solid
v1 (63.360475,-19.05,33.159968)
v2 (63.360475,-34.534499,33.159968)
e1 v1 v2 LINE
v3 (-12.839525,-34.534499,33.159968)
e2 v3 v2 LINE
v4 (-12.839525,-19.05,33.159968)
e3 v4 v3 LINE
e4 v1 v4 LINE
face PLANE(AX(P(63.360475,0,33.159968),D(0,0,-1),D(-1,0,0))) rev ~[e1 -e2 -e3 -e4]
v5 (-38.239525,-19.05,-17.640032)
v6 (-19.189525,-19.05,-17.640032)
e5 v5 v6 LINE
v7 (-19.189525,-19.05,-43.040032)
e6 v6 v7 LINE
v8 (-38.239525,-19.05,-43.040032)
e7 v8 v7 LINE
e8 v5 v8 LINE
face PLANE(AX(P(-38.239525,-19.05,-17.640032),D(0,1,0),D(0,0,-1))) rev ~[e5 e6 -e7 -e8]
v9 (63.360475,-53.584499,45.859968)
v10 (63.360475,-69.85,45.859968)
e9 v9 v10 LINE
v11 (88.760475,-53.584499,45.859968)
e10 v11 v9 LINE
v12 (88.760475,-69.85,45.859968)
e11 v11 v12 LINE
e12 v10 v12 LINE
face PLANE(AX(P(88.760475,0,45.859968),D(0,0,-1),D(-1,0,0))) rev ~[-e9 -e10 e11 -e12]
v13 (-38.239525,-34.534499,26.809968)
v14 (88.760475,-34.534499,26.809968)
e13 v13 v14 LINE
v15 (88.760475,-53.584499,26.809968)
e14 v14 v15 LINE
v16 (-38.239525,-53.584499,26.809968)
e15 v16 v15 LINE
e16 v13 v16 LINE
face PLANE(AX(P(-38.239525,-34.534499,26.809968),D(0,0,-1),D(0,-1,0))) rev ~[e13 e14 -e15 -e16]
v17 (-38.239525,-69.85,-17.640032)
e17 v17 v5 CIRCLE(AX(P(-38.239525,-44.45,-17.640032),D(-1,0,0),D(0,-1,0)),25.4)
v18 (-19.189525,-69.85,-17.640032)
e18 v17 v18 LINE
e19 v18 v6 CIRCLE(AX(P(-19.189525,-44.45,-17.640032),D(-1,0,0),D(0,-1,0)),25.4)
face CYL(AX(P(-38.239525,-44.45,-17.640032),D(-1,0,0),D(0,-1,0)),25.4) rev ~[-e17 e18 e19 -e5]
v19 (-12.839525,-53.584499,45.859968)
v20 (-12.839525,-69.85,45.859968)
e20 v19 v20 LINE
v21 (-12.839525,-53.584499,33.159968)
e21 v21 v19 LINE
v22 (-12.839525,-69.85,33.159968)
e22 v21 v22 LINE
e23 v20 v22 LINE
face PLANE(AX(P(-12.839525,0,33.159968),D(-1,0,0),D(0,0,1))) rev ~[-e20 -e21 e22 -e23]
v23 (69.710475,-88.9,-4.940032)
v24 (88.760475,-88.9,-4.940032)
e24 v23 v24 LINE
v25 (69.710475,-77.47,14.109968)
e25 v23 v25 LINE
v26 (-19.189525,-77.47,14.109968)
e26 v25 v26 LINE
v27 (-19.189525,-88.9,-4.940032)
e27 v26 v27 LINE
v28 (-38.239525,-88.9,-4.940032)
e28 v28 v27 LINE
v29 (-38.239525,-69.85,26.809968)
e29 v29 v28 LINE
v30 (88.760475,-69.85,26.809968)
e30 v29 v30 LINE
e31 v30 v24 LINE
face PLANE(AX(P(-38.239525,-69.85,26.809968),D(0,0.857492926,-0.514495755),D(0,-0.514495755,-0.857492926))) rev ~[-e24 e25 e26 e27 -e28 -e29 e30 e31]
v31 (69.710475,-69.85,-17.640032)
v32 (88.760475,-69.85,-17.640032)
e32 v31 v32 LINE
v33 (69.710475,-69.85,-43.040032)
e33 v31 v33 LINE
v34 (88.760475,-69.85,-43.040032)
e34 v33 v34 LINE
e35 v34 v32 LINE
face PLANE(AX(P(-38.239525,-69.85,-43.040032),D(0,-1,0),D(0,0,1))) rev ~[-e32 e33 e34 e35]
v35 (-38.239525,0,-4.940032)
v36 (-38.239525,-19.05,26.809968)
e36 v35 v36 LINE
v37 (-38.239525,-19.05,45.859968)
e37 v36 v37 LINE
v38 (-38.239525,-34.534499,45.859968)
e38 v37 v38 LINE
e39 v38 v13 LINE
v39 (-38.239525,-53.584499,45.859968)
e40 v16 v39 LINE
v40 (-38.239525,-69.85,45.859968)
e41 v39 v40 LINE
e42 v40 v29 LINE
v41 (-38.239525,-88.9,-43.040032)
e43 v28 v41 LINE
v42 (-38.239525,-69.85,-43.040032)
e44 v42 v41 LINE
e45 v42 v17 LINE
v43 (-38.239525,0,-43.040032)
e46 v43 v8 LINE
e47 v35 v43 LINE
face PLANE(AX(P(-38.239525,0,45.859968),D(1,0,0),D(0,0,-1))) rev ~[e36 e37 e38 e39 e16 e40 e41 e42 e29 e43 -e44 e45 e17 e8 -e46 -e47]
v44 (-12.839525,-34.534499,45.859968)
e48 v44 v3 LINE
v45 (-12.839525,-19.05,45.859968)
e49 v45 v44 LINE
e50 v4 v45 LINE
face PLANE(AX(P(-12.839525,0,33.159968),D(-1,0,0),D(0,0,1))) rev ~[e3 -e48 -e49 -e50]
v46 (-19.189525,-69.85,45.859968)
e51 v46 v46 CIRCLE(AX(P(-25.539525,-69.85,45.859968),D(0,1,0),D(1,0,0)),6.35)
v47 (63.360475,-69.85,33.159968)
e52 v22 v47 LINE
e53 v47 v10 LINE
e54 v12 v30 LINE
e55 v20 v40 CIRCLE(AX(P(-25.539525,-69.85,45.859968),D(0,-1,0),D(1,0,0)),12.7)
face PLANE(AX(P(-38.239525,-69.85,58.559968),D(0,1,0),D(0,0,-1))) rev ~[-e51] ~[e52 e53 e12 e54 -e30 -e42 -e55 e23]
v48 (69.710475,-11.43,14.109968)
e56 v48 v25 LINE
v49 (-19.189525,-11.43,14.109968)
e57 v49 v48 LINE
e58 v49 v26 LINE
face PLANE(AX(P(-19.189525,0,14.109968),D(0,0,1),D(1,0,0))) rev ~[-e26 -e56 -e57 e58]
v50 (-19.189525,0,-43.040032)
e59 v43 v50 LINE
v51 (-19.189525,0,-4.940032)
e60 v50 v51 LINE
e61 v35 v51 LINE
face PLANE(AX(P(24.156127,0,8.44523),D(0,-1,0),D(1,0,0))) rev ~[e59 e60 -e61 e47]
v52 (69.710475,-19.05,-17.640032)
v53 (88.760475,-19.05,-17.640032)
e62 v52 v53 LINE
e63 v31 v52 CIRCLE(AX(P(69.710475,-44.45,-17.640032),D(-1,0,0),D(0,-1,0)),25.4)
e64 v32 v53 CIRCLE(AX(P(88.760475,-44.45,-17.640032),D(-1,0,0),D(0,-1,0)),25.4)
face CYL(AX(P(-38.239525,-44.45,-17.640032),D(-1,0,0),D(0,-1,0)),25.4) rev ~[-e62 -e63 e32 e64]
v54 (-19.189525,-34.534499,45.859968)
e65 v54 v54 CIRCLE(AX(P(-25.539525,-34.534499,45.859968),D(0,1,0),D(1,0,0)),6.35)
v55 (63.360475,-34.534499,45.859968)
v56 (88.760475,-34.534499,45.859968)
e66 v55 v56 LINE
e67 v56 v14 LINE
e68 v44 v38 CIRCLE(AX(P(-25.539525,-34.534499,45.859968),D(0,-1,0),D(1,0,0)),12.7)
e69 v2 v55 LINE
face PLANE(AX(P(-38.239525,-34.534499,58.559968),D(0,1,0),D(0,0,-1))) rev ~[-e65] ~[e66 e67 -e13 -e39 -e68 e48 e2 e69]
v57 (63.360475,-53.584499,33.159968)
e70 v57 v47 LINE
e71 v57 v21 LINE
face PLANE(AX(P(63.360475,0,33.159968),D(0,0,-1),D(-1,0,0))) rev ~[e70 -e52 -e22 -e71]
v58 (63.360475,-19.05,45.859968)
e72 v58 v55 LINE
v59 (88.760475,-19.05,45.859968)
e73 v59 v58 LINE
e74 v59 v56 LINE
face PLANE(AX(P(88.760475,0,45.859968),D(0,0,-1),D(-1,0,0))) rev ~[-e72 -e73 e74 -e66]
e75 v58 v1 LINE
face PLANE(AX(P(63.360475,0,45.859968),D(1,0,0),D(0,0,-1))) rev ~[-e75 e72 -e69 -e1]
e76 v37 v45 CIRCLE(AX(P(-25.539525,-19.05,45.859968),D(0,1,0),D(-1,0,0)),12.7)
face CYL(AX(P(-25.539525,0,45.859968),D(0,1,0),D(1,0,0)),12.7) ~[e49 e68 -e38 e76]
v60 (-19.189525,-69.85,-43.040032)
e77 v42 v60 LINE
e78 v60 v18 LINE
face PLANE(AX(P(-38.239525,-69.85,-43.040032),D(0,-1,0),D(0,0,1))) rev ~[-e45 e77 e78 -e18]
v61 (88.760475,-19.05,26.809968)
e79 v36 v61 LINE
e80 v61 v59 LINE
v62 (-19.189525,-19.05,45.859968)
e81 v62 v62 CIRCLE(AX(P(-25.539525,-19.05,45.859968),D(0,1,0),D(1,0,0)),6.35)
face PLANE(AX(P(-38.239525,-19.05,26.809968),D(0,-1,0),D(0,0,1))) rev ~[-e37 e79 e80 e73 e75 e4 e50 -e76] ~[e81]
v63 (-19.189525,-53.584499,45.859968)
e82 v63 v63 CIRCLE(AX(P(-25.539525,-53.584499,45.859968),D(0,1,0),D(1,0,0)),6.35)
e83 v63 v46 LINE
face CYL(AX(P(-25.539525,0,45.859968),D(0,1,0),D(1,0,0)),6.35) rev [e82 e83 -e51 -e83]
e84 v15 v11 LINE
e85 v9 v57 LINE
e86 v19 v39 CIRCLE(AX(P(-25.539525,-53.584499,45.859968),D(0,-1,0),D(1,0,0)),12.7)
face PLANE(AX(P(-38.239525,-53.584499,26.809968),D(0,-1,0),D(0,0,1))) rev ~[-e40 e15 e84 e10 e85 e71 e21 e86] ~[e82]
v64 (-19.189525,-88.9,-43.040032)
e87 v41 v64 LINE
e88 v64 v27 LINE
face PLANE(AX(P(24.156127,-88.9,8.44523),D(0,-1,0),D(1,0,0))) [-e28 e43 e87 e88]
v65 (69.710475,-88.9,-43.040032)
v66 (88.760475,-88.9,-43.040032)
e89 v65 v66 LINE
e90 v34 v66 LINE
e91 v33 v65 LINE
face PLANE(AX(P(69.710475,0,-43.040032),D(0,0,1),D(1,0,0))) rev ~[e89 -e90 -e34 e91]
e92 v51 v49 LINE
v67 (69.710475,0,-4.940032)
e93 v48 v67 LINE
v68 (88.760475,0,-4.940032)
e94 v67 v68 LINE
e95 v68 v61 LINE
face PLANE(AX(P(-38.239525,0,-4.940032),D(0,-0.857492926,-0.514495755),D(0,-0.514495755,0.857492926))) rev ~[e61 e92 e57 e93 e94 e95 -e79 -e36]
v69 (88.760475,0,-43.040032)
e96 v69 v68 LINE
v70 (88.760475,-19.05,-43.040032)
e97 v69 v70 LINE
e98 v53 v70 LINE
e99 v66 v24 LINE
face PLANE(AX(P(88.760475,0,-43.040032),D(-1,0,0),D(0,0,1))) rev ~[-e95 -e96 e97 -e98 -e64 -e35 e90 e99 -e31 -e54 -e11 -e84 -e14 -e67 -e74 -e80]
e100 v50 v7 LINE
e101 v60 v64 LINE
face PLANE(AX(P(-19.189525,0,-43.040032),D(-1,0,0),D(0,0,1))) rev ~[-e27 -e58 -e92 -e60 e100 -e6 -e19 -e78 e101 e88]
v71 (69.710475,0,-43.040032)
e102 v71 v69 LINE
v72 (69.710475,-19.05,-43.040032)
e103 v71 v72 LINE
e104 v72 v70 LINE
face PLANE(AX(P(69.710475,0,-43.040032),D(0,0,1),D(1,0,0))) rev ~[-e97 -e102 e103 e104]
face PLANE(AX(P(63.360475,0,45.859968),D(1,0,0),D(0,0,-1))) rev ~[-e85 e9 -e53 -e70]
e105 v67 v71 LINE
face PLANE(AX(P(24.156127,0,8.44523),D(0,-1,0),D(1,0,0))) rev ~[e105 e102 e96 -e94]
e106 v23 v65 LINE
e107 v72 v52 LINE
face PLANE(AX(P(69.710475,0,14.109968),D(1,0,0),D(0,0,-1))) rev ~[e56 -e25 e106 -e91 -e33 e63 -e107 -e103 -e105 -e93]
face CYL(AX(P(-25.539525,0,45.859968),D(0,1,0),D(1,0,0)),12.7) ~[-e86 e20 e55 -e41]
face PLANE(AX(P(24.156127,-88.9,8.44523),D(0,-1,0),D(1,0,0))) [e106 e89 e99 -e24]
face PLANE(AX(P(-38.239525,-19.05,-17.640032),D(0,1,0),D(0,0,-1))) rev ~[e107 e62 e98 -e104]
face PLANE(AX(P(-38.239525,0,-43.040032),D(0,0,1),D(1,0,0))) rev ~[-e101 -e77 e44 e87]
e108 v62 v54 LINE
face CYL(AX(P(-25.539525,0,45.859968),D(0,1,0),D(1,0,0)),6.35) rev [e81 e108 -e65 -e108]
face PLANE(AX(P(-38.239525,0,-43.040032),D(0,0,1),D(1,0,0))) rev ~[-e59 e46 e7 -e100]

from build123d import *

# Parameters (mm, degrees)
F0_R     = 6.35
F1_DEPTH = 88.9
F3_DEPTH = 127.001


with BuildPart() as f1:
    # F0 (on Front) → F1 (new body)
    with BuildSketch(Plane.XZ):
        with BuildLine():
            Line((-38.239525, 14.109968), (-38.239525, -43.040032))
            Line((-38.239525, -43.040032), (-19.189525, -43.040032))
            Line((-19.189525, -43.040032), (-19.189525, 14.109968))
            Line((-19.189525, 14.109968), (69.710475, 14.109968))
            Line((69.710475, 14.109968), (69.710475, -43.040032))
            Line((69.710475, -43.040032), (88.760475, -43.040032))
            Line((88.760475, -43.040032), (88.760475, 14.109968))
            Line((88.760475, 14.109968), (88.760475, 33.159968))
            Line((88.760475, 33.159968), (88.760475, 45.859968))
            Line((88.760475, 45.859968), (63.360475, 45.859968))
            Line((63.360475, 45.859968), (63.360475, 33.159968))
            Line((63.360475, 33.159968), (-12.839525, 33.159968))
            Line((-12.839525, 33.159968), (-12.839525, 45.859968))
            ThreePointArc((-12.839525, 45.859968), (-25.539525, 58.559968), (-38.239525, 45.859968))
            Line((-38.239525, 45.859968), (-38.239525, 33.159968))
            Line((-38.239525, 33.159968), (-38.239525, 14.109968))
        make_face()
        with Locations((-25.539525, 45.859968)):
            Circle(F0_R, mode=Mode.SUBTRACT)
    extrude(amount=F1_DEPTH)

    # F2 (on face) → F3 (cut, through all)
    with BuildSketch(Plane(origin=(-38.239525, 0, 0), x_dir=(0, -1, 0), z_dir=(-1, 0, 0))):
        Polygon((69.85, 26.809968), (88.9, -4.940032), (88.9, 58.559968), (69.85, 58.559968), align=None)
        Polygon((0, 58.559968), (0, -4.940032), (19.05, 26.809968), (19.05, 58.559968), align=None)
        Polygon((34.534499, 26.809968), (44.45, 26.809968), (53.584499, 26.809968), (53.584499, 58.559968), (34.534499, 58.559968), align=None)
        with BuildLine():
            ThreePointArc((69.85, -17.640032), (44.45, 7.759968), (19.05, -17.640032))
            Line((19.05, -17.640032), (19.05, -43.040032))
            Line((19.05, -43.040032), (69.85, -43.040032))
            Line((69.85, -43.040032), (69.85, -17.640032))
        make_face()
    extrude(amount=-F3_DEPTH, mode=Mode.SUBTRACT)


solid = f1.part
